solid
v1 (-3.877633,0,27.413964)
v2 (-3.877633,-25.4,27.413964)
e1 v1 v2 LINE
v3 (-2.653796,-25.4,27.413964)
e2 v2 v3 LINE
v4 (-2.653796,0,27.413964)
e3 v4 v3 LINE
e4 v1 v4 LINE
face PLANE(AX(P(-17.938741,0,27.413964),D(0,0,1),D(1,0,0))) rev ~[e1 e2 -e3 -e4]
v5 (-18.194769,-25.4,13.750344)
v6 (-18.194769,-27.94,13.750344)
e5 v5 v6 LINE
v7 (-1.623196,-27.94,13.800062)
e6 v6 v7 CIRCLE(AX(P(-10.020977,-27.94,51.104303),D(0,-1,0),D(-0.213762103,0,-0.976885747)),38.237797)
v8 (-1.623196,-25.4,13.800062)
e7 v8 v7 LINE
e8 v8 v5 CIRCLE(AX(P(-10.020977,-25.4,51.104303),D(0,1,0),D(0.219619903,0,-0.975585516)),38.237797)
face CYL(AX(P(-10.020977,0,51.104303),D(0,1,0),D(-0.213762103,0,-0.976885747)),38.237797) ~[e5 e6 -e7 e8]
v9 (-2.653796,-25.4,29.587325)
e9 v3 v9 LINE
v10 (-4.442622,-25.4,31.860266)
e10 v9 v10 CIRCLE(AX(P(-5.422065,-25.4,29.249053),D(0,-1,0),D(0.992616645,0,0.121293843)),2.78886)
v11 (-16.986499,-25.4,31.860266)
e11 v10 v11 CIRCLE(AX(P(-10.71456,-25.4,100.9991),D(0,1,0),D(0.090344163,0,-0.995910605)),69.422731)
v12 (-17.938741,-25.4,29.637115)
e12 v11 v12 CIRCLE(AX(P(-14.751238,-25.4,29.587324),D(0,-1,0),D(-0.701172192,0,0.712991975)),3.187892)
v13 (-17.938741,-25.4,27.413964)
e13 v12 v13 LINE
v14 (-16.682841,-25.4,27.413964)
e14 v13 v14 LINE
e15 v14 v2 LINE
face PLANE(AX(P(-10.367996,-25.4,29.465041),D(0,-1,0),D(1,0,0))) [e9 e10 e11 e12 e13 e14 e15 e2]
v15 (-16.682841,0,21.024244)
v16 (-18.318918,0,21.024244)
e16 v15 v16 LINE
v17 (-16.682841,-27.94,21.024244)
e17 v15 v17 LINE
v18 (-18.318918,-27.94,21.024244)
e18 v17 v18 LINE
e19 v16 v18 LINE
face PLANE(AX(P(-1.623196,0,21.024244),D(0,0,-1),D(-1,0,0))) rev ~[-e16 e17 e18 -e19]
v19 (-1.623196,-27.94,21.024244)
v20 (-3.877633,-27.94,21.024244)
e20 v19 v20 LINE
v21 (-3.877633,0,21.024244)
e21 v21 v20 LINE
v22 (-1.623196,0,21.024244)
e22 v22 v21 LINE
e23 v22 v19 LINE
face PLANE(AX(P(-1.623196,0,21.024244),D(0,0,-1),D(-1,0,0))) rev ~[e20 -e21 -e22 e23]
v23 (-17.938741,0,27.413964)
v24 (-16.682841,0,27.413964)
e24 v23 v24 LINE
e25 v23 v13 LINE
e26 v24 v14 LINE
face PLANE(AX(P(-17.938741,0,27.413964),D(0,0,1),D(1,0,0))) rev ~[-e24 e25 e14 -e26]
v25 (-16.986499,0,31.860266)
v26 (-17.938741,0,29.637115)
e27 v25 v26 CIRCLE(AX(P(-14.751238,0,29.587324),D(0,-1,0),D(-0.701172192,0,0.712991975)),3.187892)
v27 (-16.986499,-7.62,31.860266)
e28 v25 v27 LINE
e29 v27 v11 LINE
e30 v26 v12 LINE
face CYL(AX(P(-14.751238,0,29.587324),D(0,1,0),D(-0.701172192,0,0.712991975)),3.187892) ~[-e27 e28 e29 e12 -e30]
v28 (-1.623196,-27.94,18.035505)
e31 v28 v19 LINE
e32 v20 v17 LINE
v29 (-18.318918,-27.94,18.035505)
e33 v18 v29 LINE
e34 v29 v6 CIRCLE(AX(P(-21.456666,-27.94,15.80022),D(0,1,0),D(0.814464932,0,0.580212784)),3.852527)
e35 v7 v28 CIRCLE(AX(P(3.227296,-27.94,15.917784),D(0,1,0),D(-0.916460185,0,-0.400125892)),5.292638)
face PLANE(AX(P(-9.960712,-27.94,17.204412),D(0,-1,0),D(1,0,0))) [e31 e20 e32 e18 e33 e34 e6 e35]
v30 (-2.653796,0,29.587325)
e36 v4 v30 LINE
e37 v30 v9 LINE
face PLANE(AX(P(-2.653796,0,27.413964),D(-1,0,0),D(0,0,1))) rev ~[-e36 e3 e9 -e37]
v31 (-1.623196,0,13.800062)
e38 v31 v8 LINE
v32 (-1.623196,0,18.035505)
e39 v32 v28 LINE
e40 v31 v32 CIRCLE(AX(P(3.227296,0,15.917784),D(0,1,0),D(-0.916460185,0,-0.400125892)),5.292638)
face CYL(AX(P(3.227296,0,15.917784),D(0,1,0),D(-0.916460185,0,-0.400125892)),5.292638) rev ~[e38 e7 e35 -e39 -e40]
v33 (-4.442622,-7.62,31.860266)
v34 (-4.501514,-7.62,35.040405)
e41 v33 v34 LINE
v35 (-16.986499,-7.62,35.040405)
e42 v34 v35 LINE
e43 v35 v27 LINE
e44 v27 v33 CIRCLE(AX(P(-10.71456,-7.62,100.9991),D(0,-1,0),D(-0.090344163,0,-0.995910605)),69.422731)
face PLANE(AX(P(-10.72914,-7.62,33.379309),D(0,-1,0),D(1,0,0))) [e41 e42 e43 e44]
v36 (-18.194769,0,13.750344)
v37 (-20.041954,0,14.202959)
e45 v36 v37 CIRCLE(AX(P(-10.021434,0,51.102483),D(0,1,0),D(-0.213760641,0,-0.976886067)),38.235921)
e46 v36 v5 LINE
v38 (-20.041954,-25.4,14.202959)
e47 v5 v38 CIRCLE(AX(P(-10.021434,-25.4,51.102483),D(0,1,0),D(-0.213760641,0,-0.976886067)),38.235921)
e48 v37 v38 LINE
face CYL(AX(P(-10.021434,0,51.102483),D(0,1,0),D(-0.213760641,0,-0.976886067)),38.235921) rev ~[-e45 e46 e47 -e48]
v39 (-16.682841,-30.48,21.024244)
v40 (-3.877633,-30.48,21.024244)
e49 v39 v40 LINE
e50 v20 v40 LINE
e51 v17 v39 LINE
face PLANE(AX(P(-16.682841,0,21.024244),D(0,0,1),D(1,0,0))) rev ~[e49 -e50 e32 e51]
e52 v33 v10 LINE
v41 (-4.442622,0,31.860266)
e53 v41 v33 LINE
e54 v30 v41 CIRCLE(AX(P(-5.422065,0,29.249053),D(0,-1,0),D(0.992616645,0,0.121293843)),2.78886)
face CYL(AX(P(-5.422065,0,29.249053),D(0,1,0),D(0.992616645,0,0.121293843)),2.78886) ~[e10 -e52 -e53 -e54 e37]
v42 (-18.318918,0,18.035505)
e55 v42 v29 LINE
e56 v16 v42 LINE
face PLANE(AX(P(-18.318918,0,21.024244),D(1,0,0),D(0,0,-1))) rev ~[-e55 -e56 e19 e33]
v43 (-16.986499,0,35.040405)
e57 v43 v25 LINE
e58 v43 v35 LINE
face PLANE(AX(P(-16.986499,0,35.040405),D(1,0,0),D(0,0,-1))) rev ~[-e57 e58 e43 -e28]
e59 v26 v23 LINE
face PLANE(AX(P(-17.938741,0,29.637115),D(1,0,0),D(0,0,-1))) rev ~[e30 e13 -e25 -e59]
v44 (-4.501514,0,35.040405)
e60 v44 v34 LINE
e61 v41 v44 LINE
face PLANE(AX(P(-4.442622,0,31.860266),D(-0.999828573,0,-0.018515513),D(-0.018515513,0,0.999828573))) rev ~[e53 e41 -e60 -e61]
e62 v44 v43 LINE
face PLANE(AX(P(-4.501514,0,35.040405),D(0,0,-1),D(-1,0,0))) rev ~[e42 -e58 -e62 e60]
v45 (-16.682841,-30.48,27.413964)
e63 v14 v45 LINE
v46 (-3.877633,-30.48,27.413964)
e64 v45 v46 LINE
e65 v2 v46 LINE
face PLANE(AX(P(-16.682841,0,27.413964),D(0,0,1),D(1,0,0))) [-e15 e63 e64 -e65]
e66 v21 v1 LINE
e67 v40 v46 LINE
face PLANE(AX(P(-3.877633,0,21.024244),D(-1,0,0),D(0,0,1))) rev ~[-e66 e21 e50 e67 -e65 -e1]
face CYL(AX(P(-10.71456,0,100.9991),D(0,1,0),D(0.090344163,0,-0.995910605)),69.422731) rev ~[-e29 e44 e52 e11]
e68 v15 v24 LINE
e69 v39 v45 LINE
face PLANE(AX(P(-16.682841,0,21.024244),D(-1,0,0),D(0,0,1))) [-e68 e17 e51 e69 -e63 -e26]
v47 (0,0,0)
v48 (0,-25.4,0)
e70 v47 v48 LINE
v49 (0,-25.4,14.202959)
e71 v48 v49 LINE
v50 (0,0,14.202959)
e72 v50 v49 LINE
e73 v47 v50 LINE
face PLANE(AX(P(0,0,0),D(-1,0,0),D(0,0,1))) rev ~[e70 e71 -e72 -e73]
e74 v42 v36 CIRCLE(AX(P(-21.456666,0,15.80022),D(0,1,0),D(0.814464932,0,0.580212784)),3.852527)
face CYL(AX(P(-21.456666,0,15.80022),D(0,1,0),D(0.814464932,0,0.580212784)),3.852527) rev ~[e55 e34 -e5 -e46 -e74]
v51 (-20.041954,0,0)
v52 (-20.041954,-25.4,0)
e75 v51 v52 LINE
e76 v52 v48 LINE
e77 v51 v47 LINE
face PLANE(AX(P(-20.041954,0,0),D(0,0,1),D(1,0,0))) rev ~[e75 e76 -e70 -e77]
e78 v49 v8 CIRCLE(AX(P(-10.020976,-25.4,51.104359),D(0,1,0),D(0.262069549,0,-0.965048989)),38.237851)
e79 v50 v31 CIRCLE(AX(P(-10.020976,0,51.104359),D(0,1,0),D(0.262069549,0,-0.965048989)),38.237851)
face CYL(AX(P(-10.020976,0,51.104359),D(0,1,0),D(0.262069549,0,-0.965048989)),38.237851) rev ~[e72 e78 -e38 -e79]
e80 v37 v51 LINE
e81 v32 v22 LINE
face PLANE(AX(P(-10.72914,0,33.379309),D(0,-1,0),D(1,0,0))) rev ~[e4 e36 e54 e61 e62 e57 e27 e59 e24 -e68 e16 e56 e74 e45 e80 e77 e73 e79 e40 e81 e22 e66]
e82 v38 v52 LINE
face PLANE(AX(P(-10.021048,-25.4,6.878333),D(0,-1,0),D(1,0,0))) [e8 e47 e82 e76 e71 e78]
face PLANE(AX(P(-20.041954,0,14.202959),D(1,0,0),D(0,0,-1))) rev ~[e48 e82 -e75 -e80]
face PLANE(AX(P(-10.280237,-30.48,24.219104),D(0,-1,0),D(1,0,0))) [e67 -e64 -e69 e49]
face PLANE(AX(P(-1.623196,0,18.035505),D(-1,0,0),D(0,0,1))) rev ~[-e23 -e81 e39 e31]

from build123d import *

# Parameters (mm, degrees)
F1_DEPTH = 25.4
F2_DEPTH = 27.94
F0_W     = 12.805208
F0_H     = 6.38972
F3_DEPTH = 30.48
F4_DEPTH = 25.4
F5_DEPTH = 7.62


with BuildPart() as f1:
    # F0 (on Front) → F1 (new body)
    with BuildSketch(Plane.XZ):
        with BuildLine():
            Line((-20.041954, 0), (0, 0))
            Line((0, 0), (0, 14.202959))
            ThreePointArc((0, 14.202959), (-0.809395, 13.992635), (-1.623196, 13.800062))
            ThreePointArc((-1.623196, 13.800062), (-9.906257, 12.866678), (-18.194769, 13.750344))
            ThreePointArc((-18.194769, 13.750344), (-19.121176, 13.965165), (-20.041954, 14.202959))
            Line((-20.041954, 14.202959), (-20.041954, 0))
        make_face()
    extrude(amount=F1_DEPTH)

    # F0 (on Front) → F2 (join)
    with BuildSketch(Plane.XZ):
        with BuildLine():
            ThreePointArc((-18.194769, 13.750344), (-9.906257, 12.866678), (-1.623196, 13.800062))
            ThreePointArc((-1.623196, 13.800062), (-2.065342, 15.917783), (-1.623196, 18.035505))
            Line((-1.623196, 18.035505), (-1.623196, 21.024244))
            Line((-1.623196, 21.024244), (-3.877633, 21.024244))
            Line((-3.877633, 21.024244), (-16.682841, 21.024244))
            Line((-16.682841, 21.024244), (-18.318918, 21.024244))
            Line((-18.318918, 21.024244), (-18.318918, 18.035505))
            ThreePointArc((-18.318918, 18.035505), (-17.605755, 15.911787), (-18.194769, 13.750344))
        make_face()
    extrude(amount=F2_DEPTH)

    # F0 (on Front) → F3 (join)
    with BuildSketch(Plane.XZ):
        with Locations((-10.280237, 24.219104)):
            Rectangle(F0_W, F0_H)
    extrude(amount=F3_DEPTH)

    # F0 (on Front) → F4 (join)
    with BuildSketch(Plane.XZ):
        with BuildLine():
            Line((-16.682841, 27.413964), (-3.877633, 27.413964))
            Line((-3.877633, 27.413964), (-2.653796, 27.413964))
            Line((-2.653796, 27.413964), (-2.653796, 29.587325))
            ThreePointArc((-2.653796, 29.587325), (-3.230513, 30.973826), (-4.442622, 31.860266))
            ThreePointArc((-4.442622, 31.860266), (-10.714561, 31.576369), (-16.986499, 31.860266))
            ThreePointArc((-16.986499, 31.860266), (-17.681629, 30.842499), (-17.938741, 29.637115))
            Line((-17.938741, 29.637115), (-17.938741, 27.413964))
            Line((-17.938741, 27.413964), (-16.682841, 27.413964))
        make_face()
    extrude(amount=F4_DEPTH)

    # F0 (on Front) → F5 (join)
    with BuildSketch(Plane.XZ):
        with BuildLine():
            ThreePointArc((-16.986499, 31.860266), (-10.714561, 31.576369), (-4.442622, 31.860266))
            Line((-4.442622, 31.860266), (-4.501514, 35.040405))
            Line((-4.501514, 35.040405), (-16.986499, 35.040405))
            Line((-16.986499, 35.040405), (-16.986499, 34.039252))
            Line((-16.986499, 34.039252), (-16.986499, 31.860266))
        make_face()
    extrude(amount=F5_DEPTH)


solid = f1.part
